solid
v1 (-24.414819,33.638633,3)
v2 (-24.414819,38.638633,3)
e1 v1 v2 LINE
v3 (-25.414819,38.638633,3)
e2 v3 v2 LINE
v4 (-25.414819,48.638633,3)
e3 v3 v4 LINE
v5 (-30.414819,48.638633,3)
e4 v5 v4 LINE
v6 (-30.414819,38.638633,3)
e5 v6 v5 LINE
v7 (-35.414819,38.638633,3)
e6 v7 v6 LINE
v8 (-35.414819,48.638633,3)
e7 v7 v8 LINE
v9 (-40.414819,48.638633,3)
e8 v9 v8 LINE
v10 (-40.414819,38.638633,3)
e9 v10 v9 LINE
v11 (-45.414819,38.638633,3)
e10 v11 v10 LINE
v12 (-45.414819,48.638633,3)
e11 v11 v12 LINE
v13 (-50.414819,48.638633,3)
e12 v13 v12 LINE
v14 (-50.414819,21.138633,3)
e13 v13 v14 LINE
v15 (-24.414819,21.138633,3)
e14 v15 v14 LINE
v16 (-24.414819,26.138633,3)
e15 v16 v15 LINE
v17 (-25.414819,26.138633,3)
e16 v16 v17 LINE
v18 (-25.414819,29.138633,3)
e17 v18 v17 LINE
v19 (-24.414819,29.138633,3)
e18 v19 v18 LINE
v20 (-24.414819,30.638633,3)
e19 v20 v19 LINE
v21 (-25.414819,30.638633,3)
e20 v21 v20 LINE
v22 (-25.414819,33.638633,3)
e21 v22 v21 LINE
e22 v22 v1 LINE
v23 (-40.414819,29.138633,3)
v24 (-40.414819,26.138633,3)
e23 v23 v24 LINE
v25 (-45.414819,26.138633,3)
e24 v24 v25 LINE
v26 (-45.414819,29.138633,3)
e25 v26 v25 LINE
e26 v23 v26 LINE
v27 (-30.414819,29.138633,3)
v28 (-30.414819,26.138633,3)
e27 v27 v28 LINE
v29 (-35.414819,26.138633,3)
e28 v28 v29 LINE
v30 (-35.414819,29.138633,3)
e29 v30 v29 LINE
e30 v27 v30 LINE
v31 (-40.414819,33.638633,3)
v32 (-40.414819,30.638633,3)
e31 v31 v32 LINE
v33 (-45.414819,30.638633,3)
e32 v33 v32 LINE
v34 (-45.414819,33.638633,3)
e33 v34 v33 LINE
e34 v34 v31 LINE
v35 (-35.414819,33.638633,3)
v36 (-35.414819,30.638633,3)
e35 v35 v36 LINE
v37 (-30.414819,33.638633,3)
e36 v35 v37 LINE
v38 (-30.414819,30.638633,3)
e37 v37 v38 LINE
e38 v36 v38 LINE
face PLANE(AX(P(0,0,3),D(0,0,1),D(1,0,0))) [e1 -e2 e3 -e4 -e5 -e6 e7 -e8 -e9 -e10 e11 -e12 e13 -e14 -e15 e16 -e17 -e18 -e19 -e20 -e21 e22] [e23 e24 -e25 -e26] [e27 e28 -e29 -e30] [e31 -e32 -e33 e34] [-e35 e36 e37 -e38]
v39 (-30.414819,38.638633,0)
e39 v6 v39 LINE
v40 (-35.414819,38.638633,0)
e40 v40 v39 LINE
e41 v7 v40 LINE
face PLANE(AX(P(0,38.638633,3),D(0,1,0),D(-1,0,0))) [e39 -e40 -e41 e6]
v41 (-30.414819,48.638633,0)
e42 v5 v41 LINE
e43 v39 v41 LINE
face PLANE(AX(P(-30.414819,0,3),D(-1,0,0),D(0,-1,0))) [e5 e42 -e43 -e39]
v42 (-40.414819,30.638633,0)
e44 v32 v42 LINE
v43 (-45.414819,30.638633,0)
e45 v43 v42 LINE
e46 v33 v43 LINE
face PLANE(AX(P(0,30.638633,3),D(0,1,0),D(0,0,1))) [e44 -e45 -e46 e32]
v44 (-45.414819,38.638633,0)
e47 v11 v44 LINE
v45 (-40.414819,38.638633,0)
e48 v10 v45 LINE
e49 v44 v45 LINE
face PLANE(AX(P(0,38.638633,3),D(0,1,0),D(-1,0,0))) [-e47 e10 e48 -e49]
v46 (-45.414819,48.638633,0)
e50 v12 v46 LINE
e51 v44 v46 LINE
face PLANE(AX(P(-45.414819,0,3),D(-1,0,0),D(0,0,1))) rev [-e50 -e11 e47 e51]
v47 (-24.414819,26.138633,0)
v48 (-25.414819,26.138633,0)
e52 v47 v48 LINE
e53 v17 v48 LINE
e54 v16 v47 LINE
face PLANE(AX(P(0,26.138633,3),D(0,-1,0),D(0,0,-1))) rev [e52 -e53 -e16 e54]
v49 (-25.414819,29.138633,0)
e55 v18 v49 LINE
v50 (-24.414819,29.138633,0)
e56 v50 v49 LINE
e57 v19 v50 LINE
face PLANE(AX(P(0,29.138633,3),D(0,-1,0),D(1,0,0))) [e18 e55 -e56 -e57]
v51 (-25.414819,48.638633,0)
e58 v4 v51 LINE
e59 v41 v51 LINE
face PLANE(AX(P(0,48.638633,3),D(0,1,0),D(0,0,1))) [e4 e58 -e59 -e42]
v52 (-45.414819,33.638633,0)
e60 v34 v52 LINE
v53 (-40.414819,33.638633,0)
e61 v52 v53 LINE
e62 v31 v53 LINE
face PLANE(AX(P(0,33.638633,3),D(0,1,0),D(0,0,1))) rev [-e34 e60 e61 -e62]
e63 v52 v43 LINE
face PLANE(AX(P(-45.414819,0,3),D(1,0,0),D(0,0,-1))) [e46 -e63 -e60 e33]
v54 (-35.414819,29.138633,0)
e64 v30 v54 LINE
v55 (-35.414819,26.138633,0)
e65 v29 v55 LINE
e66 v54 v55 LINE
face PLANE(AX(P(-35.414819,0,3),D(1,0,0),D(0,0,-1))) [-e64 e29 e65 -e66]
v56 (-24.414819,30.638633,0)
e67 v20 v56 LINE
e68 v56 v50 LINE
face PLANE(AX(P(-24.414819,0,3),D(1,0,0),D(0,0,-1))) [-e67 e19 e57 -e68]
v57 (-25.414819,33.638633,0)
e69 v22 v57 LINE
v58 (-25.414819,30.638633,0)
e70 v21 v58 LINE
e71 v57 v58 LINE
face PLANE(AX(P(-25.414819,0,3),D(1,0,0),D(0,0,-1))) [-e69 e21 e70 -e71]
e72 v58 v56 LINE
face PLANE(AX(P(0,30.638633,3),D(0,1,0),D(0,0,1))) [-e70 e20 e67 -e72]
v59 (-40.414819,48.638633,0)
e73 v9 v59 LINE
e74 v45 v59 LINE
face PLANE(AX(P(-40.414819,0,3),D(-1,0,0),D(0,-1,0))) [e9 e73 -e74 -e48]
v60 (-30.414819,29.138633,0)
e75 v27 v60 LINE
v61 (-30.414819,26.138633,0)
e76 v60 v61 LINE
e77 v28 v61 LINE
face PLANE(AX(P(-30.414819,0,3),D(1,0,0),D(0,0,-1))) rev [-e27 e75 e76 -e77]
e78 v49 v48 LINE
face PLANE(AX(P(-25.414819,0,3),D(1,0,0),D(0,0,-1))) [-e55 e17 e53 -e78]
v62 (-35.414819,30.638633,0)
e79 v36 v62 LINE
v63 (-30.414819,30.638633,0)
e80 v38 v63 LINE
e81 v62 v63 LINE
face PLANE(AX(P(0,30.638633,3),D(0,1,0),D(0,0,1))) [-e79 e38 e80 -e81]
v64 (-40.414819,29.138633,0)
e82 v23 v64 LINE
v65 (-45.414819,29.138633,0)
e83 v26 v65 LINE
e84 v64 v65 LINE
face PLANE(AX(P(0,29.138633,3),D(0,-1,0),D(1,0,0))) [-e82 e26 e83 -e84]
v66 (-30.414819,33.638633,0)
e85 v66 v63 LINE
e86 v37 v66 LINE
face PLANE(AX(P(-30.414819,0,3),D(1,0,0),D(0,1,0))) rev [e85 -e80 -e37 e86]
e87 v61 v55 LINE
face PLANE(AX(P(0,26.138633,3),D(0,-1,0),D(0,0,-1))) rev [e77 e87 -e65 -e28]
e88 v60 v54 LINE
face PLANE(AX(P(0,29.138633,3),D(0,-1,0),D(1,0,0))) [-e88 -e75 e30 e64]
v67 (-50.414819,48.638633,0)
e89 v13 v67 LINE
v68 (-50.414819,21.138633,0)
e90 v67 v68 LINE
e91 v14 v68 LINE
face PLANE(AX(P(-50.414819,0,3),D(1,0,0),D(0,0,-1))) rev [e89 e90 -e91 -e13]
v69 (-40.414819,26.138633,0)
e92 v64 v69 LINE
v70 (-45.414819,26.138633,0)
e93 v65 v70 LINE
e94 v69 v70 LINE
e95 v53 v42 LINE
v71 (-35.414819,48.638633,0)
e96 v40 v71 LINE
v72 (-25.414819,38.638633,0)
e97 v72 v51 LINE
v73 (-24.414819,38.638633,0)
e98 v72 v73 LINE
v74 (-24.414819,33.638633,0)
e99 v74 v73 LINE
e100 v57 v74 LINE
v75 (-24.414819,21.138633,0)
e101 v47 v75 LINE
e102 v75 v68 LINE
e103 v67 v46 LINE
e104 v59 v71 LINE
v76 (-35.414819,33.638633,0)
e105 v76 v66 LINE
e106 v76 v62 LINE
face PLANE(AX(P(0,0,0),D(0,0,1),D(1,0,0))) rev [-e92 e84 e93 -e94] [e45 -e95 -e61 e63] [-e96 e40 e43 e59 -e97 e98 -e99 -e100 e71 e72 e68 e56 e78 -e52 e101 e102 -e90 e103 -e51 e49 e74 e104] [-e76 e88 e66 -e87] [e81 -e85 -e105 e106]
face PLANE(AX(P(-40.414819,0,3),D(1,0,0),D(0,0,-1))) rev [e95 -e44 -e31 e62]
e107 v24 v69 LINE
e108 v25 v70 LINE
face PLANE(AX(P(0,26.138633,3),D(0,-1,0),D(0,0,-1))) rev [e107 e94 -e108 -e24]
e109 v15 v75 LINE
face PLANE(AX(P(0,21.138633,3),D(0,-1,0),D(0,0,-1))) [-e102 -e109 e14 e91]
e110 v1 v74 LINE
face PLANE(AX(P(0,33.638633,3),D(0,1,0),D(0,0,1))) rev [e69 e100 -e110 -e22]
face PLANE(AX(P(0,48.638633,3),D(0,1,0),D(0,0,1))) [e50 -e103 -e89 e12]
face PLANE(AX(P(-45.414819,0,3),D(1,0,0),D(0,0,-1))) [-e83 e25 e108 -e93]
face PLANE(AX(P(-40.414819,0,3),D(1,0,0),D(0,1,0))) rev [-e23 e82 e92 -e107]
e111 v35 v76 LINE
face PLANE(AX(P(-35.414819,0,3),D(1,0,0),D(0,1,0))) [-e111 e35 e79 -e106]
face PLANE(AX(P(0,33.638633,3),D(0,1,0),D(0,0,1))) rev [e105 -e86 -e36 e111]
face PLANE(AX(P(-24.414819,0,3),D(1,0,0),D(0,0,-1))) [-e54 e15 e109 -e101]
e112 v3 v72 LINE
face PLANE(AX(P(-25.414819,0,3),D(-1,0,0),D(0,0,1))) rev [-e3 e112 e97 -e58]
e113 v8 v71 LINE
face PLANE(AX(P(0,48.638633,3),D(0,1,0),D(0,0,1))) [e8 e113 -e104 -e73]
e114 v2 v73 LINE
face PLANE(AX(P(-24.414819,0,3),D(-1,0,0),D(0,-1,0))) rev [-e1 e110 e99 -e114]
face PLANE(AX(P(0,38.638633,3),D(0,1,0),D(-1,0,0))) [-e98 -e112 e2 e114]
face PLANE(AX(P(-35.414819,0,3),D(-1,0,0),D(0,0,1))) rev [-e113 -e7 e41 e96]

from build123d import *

# Parameters (mm, degrees)
ESQUISSE1_W        = 5
ESQUISSE1_H        = 3
BOSS_EXTRU_1_DEPTH = 3


with BuildPart() as part:
    # Esquisse1 → Boss.-Extru.1 (new body)
    with BuildSketch(Plane.XY):
        Polygon((-40.414818772, 48.638632865), (-40.414818772, 38.638632865), (-45.414818772, 38.638632865), (-45.414818772, 48.638632865), (-50.414818772, 48.638632865), (-50.414818772, 21.138632865), (-24.414818772, 21.138632865), (-24.414818772, 26.138632865), (-25.414818772, 26.138632865), (-25.414818772, 29.138632865), (-24.414818772, 29.138632865), (-24.414818772, 30.638632865), (-25.414818772, 30.638632865), (-25.414818772, 33.638632865), (-24.414818772, 33.638632865), (-24.414818772, 38.638632865), (-25.414818772, 38.638632865), (-25.414818772, 48.638632865), (-30.414818772, 48.638632865), (-30.414818772, 38.638632865), (-35.414818772, 38.638632865), (-35.414818772, 48.638632865), align=None)
        with Locations((-32.914818772, 27.638632865)):
            Rectangle(ESQUISSE1_W, ESQUISSE1_H, mode=Mode.SUBTRACT)
        with Locations((-42.914818772, 27.638632865)):
            Rectangle(ESQUISSE1_W, ESQUISSE1_H, mode=Mode.SUBTRACT)
        with Locations((-32.914818772, 32.138632865)):
            Rectangle(ESQUISSE1_W, ESQUISSE1_H, mode=Mode.SUBTRACT)
        with Locations((-42.914818772, 32.138632865)):
            Rectangle(ESQUISSE1_W, ESQUISSE1_H, mode=Mode.SUBTRACT)
    extrude(amount=BOSS_EXTRU_1_DEPTH)


solid = part.part
